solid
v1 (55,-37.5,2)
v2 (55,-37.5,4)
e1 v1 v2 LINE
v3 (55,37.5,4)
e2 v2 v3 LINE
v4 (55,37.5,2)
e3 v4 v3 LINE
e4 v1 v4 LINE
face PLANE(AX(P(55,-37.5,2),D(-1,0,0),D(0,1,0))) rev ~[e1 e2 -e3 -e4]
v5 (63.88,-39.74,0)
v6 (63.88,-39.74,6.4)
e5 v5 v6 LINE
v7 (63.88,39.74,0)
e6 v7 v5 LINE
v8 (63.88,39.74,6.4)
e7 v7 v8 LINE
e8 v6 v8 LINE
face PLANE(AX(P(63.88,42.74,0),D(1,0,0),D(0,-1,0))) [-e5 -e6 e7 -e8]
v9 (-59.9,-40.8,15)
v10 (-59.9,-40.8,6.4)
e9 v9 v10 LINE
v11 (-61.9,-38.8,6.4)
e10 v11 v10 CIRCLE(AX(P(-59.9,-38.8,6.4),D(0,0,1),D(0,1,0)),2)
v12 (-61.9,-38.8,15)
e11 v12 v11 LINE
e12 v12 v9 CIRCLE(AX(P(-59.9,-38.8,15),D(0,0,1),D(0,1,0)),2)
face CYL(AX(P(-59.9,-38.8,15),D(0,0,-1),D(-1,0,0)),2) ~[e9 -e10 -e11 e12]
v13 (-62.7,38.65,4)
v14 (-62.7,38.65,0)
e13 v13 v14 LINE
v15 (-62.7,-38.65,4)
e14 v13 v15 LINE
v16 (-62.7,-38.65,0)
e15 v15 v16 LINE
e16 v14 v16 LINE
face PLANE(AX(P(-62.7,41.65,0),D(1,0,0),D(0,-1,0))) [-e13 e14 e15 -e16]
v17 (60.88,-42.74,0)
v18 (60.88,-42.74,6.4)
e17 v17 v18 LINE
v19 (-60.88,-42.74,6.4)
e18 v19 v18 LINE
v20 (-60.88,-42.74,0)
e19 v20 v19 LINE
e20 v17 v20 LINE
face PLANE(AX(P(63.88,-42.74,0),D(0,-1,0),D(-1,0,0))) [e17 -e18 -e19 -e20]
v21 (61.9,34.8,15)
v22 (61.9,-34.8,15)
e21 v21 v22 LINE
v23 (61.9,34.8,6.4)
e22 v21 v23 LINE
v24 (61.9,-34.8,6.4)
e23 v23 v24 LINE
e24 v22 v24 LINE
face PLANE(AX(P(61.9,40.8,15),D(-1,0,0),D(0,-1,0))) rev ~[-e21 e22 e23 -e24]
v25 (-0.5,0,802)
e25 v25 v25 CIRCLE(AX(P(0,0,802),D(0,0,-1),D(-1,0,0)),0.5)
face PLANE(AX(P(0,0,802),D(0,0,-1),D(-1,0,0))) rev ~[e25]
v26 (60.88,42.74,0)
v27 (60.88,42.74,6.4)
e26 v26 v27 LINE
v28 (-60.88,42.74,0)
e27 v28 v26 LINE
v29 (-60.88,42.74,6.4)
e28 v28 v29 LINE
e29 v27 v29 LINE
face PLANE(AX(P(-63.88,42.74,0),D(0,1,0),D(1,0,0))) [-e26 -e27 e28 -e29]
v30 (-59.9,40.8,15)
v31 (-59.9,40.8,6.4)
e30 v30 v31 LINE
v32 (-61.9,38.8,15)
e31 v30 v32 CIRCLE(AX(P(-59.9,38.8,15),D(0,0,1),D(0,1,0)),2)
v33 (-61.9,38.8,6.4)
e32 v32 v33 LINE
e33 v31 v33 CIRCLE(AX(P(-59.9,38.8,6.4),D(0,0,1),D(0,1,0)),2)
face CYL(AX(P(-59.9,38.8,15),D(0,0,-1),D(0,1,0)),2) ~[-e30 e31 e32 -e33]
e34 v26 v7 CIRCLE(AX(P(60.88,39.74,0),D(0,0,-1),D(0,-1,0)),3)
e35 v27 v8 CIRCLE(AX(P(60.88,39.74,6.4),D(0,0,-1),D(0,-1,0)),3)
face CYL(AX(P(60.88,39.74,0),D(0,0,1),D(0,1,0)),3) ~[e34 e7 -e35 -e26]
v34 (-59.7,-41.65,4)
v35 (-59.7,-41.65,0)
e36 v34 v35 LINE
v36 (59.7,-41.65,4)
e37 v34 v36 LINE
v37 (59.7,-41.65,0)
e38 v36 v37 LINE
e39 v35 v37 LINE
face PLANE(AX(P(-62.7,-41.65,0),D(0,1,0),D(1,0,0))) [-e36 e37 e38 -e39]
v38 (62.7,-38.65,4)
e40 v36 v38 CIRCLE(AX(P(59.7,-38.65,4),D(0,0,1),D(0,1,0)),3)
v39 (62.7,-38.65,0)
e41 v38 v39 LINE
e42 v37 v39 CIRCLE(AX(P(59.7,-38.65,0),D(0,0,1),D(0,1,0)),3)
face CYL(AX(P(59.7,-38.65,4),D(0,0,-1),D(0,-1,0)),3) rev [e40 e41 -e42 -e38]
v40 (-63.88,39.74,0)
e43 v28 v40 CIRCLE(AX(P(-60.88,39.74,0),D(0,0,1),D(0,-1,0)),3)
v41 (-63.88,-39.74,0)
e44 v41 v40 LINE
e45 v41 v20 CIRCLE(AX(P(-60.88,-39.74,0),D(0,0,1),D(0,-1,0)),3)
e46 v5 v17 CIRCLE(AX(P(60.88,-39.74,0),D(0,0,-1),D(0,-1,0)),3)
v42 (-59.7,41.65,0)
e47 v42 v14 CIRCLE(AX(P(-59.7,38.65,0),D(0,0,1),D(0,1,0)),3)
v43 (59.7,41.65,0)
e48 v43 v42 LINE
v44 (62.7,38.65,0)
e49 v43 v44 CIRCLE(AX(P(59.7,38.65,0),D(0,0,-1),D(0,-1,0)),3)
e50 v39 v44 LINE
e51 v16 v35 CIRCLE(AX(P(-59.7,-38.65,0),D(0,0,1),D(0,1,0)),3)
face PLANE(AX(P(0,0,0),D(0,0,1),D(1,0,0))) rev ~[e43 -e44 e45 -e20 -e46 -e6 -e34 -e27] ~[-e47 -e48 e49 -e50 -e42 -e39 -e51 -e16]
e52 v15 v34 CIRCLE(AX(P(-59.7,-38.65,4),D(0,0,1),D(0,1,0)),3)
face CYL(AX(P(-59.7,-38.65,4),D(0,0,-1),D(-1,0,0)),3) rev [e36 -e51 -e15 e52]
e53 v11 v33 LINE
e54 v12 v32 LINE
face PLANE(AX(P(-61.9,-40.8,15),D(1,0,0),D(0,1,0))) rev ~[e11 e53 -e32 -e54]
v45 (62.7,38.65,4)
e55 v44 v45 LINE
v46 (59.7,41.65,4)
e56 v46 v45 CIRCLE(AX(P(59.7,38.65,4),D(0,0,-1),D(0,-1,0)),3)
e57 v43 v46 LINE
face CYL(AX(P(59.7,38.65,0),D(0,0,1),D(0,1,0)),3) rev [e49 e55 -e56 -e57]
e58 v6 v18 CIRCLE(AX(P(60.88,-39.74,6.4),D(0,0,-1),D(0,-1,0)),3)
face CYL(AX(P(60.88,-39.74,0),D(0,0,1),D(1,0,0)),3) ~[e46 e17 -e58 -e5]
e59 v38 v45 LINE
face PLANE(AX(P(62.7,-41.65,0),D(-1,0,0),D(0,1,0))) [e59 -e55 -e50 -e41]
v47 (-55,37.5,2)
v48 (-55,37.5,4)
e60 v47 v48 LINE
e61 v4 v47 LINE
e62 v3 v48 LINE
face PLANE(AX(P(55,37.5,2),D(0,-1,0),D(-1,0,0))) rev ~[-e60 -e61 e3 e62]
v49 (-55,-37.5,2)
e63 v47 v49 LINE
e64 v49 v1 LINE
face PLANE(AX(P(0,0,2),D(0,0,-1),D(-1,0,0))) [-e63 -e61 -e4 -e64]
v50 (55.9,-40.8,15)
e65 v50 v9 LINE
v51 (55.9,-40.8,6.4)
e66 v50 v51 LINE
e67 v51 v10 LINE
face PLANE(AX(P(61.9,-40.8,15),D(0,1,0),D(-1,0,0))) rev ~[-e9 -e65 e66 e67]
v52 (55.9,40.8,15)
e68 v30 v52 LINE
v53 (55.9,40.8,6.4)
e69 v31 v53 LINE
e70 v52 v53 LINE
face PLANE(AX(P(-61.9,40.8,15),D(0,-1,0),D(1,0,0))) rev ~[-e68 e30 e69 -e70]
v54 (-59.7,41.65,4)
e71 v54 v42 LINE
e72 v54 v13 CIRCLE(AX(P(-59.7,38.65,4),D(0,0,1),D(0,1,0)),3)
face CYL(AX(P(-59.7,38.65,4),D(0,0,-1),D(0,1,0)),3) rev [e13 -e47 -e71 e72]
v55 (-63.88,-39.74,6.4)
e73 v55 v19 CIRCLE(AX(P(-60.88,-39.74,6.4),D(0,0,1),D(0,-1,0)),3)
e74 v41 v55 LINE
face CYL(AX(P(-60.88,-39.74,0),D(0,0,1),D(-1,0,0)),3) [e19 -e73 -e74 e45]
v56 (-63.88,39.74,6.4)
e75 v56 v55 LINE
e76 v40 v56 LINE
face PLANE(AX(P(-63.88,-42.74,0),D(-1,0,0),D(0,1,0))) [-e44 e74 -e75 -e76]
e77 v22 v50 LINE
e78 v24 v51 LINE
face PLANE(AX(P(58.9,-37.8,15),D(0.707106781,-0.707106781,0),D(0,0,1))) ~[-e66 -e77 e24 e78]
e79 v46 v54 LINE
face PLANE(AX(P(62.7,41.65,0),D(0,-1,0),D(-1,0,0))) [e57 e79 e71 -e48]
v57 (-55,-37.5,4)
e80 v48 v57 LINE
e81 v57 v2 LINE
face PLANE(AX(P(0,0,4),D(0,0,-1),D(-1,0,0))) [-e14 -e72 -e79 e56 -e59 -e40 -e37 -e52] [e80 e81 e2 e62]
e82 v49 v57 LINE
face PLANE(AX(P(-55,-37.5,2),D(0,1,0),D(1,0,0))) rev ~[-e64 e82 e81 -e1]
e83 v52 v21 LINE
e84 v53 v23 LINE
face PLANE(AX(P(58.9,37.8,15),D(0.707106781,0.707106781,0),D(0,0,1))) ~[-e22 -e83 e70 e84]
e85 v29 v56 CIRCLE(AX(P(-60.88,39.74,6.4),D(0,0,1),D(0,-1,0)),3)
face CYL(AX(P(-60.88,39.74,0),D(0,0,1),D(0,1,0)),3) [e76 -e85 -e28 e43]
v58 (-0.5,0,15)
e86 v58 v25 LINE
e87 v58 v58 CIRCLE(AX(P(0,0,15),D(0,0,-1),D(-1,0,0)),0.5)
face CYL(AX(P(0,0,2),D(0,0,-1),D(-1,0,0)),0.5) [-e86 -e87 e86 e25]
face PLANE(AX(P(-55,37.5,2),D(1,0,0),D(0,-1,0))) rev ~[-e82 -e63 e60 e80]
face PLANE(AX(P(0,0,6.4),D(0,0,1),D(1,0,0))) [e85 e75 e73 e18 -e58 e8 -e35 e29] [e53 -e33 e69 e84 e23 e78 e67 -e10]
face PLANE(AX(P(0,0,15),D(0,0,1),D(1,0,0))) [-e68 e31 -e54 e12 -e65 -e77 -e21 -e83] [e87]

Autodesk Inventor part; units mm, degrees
ref_plane "YZ Plane" through (0, 0, 0) normal (1, 0, 0) x (0, 1, 0)
ref_plane "XZ Plane" through (0, 0, 0) normal (0, 1, 0) x (-1, 0, 0)
ref_plane "XY Plane" through (0, 0, 0) normal (0, 0, 1) x (1, 0, 0)
sketch "Sketch1" plane through (0, 0, 0) normal (0, 0, 1) x (1, 0, 0)
  line L0 (-63.88, 42.74) -> (63.88, 42.74)
  line L1 (63.88, 42.74) -> (63.88, -42.74)
  line L2 (63.88, -42.74) -> (-63.88, -42.74)
  line L3 (-63.88, -42.74) -> (-63.88, 42.74)
  line L4 (63.88, 42.74) -> (-63.88, -42.74) construction
  point P0 (0, 0)
  point P1 (0, 0)
  dimension "d0" = 127.76
  dimension "d1" = 85.48
extrude "Extrusion1" add sketch "Sketch1" along normal blind 15
sketch "Sketch2" plane through (0, 0, 0) normal (0, 0, -1) x (-1, 0, 0)
  line L0 (-62.7, 41.65) -> (62.7, 41.65)
  line L1 (62.7, 41.65) -> (62.7, -41.65)
  line L2 (62.7, -41.65) -> (-62.7, -41.65)
  line L3 (-62.7, -41.65) -> (-62.7, 41.65)
  line L4 (62.7, 41.65) -> (-62.7, -41.65) construction
  point P0 (0, 0)
  point P1 (0, 0)
  dimension "d4" = 125.4
  dimension "d5" = 83.3
extrude "Extrusion2" cut sketch "Sketch2" against normal blind 2
sketch "Sketch3" plane through (0, 0, 2) normal (0, 0, -1) x (-1, 0, 0)
  line L0 (-55, 37.5) -> (55, 37.5)
  line L1 (55, 37.5) -> (55, -37.5)
  line L2 (55, -37.5) -> (-55, -37.5)
  line L3 (-55, -37.5) -> (-55, 37.5)
  line L4 (55, 37.5) -> (-55, -37.5) construction
  line L5 (-62.7, 41.65) -> (62.7, 41.65) projected
  line L6 (-62.7, -41.65) -> (-62.7, 41.65) projected
  line L7 (62.7, -41.65) -> (-62.7, -41.65) projected
  line L8 (62.7, 41.65) -> (62.7, -41.65) projected
  point P0 (0, 0)
  point P1 (0, 0)
  dimension "d8" = 75
  dimension "d9" = 110
extrude "Extrusion3" cut sketch "Sketch3" against normal blind 2
sketch "Sketch4" plane through (0, 0, 15) normal (0, 0, 1) x (1, 0, 0)
  line L0 (61.9, -40.8) -> (-61.9, -40.8)
  line L1 (-61.9, -40.8) -> (-61.9, 40.8)
  line L2 (-61.9, 40.8) -> (61.9, 40.8)
  line L3 (61.9, 40.8) -> (61.9, -40.8)
  line L4 (-61.9, -40.8) -> (61.9, 40.8) construction
  line L5 (63.88, 42.74) -> (-63.88, 42.74) projected
  line L6 (-63.88, 42.74) -> (-63.88, -42.74) projected
  line L7 (-63.88, -42.74) -> (63.88, -42.74) projected
  line L8 (63.88, -42.74) -> (63.88, 42.74) projected
  point P0 (0, 0)
  point P1 (0, 0)
  dimension "d12" = 123.8
  dimension "d13" = 81.6
extrude "Extrusion4" cut sketch "Sketch4" against normal blind 8.6
fillet "Fillet1" radius 3 8 edges at (62.7, 41.65, 2) (-62.7, 41.65, 2) (-62.7, -41.65, 2) (62.7, -41.65, 2) (63.88, -42.74, 3.2) (63.88, 42.74, 3.2) (-63.88, 42.74, 3.2) (-63.88, -42.74, 3.2)
fillet "Fillet2" radius 2 2 edges at (-61.9, -40.8, 10.7) (-61.9, 40.8, 10.7)
chamfer "Chamfer1" distance 6 angle 45 2 edges at (61.9, -40.8, 10.7) (61.9, 40.8, 10.7)
sketch "Sketch6" plane through (0, 0, 2) normal (0, 0, -1) x (-1, 0, 0)
  circle A0 centre (0, 0) radius 0.5
  dimension "d21" = 1
extrude "Extrusion5" add sketch "Sketch6" against normal blind 800
properties part number "well_plate"
